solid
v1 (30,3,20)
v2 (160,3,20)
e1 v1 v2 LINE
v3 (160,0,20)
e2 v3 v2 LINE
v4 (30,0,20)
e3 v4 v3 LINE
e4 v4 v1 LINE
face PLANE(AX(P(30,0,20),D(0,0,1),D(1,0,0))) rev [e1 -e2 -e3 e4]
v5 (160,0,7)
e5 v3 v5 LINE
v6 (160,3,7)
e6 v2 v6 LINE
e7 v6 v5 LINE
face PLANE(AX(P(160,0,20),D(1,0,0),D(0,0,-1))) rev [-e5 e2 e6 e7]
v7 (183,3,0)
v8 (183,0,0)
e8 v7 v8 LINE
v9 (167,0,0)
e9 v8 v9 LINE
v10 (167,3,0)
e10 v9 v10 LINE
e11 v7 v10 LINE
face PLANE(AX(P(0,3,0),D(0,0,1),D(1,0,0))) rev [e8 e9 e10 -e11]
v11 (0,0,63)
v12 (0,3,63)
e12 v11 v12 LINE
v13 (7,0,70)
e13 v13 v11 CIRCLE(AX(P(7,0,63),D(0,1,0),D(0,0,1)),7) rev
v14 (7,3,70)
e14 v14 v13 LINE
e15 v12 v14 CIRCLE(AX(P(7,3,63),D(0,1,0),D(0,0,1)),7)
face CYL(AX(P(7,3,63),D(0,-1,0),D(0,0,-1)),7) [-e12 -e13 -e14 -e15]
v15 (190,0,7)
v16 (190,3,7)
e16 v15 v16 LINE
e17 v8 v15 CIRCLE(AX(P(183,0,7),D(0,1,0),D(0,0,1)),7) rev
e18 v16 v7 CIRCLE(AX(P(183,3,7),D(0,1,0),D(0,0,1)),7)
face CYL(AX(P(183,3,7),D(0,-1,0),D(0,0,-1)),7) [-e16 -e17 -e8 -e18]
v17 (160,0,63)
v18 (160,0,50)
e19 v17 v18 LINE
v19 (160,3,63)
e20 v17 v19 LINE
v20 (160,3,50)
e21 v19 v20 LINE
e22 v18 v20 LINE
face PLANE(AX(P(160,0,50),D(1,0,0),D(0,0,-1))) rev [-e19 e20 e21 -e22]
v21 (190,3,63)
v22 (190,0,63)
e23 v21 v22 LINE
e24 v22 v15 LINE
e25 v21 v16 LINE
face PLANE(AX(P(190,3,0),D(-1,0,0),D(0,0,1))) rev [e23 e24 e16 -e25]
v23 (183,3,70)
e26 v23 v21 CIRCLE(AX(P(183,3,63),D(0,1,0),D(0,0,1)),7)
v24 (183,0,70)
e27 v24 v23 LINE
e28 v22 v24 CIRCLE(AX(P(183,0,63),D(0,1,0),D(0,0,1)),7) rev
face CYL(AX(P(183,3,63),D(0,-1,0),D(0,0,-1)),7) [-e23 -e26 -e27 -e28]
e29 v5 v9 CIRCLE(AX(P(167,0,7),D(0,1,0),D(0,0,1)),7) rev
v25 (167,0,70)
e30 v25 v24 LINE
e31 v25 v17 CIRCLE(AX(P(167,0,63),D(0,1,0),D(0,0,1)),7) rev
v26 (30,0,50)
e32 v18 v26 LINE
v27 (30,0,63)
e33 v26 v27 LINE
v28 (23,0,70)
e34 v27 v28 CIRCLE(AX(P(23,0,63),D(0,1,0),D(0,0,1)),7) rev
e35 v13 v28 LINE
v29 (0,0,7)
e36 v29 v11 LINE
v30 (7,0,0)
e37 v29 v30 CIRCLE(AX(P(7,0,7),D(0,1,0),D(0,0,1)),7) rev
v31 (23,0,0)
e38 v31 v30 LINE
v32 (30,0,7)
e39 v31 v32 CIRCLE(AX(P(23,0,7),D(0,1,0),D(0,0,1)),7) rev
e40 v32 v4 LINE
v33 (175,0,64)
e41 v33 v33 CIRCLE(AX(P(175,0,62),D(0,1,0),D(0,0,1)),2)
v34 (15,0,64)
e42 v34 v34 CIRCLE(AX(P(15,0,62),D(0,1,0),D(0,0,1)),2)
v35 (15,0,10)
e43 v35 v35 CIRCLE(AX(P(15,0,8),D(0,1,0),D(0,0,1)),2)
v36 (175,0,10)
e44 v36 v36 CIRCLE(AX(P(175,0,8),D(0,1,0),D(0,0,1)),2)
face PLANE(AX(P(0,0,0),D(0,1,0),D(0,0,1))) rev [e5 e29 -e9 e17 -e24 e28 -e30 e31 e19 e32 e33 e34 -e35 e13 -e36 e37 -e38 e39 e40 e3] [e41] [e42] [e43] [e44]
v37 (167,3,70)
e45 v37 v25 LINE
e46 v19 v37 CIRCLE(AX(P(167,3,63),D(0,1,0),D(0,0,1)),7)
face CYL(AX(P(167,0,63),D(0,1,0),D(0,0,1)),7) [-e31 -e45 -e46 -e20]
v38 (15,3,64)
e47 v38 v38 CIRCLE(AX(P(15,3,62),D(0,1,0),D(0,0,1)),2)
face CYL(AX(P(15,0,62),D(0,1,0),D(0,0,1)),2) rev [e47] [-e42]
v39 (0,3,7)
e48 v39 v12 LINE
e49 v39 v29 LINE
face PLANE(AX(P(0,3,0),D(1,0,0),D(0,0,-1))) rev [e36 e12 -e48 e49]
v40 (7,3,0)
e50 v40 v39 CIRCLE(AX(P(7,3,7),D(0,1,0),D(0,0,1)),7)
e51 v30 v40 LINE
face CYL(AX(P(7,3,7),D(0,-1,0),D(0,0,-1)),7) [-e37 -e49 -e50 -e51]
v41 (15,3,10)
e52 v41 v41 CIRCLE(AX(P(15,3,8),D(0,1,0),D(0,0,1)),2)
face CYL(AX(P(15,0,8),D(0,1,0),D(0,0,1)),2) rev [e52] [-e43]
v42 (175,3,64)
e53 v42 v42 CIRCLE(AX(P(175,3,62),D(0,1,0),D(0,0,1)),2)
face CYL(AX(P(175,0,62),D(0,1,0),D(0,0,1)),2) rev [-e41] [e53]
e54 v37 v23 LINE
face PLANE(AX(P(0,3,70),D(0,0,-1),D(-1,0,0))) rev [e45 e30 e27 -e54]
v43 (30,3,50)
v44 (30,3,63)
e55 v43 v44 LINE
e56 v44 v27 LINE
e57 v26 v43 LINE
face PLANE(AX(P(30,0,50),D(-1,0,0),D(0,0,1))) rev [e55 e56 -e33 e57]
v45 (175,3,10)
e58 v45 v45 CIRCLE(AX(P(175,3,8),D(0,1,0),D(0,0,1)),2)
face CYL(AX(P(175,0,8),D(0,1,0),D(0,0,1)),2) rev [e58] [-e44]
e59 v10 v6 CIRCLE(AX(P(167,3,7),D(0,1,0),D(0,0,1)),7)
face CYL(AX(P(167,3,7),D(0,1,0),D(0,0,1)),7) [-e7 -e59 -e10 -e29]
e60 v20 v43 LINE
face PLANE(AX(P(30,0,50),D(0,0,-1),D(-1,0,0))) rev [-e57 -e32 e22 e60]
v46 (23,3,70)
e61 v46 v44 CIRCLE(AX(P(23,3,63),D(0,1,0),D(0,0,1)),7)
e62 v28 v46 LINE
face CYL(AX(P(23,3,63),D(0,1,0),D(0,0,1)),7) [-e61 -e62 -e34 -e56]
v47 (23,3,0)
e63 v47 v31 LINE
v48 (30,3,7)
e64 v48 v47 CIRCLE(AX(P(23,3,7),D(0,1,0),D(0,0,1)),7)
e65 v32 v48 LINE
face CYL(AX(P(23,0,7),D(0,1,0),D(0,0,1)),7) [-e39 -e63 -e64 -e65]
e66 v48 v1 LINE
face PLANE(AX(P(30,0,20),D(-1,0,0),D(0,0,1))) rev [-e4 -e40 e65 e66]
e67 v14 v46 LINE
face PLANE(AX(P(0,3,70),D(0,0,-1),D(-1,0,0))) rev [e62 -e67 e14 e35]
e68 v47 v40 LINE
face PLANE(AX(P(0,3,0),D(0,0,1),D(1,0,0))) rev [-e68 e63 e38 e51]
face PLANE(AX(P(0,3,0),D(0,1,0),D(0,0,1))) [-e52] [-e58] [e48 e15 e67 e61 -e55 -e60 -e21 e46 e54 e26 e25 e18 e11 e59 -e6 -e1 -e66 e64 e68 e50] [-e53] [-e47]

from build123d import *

# Parameters (mm, degrees)
CROQUIS1_W              = 190
CROQUIS1_H              = 70
SALIENTE_EXTRUIR1_DEPTH = 3
CROQUIS2_R              = 2
CROQUIS2_W              = 130
CROQUIS2_H              = 20
CORTAR_EXTRUIR1_DEPTH   = 3
REDONDEO1_R             = 7


with BuildPart() as part:
    # Croquis1 → Saliente-Extruir1 (new body)
    with BuildSketch(Plane(origin=(0, 0, 0), x_dir=(1, 0, 0), z_dir=(0, 1, 0))):
        with Locations((95, -35)):
            Rectangle(CROQUIS1_W, CROQUIS1_H)
    extrude(amount=SALIENTE_EXTRUIR1_DEPTH)

    # Croquis2 → Cortar-Extruir1 (cut)
    with BuildSketch(Plane(origin=(0, 3, 0), x_dir=(1, 0, 0), z_dir=(0, 1, 0))):
        with Locations(Location((15, -8, 0), (0, 0, 270))):
            Circle(CROQUIS2_R)
        with Locations(Location((175, -8, 0), (0, 0, 270))):
            Circle(CROQUIS2_R)
        with Locations(Location((175, -62, 0), (0, 0, 270))):
            Circle(CROQUIS2_R)
        with Locations(Location((15, -62, 0), (0, 0, 270))):
            Circle(CROQUIS2_R)
        with Locations((95, -10)):
            Rectangle(CROQUIS2_W, CROQUIS2_H)
        with Locations((95, -60)):
            Rectangle(CROQUIS2_W, CROQUIS2_H)
    extrude(amount=-CORTAR_EXTRUIR1_DEPTH, mode=Mode.SUBTRACT)

    # Redondeo1
    redondeo1_edges = [part.edges().sort_by_distance(p)[0] for p in [
        (30, 1.5, 70),
        (160, 1.5, 70),
        (30, 1.5, 0),
        (160, 1.5, 0),
        (0, 1.5, 0),
        (190, 1.5, 0),
        (190, 1.5, 70),
        (0, 1.5, 70),
    ]]
    fillet(redondeo1_edges, radius=REDONDEO1_R)


solid = part.part
